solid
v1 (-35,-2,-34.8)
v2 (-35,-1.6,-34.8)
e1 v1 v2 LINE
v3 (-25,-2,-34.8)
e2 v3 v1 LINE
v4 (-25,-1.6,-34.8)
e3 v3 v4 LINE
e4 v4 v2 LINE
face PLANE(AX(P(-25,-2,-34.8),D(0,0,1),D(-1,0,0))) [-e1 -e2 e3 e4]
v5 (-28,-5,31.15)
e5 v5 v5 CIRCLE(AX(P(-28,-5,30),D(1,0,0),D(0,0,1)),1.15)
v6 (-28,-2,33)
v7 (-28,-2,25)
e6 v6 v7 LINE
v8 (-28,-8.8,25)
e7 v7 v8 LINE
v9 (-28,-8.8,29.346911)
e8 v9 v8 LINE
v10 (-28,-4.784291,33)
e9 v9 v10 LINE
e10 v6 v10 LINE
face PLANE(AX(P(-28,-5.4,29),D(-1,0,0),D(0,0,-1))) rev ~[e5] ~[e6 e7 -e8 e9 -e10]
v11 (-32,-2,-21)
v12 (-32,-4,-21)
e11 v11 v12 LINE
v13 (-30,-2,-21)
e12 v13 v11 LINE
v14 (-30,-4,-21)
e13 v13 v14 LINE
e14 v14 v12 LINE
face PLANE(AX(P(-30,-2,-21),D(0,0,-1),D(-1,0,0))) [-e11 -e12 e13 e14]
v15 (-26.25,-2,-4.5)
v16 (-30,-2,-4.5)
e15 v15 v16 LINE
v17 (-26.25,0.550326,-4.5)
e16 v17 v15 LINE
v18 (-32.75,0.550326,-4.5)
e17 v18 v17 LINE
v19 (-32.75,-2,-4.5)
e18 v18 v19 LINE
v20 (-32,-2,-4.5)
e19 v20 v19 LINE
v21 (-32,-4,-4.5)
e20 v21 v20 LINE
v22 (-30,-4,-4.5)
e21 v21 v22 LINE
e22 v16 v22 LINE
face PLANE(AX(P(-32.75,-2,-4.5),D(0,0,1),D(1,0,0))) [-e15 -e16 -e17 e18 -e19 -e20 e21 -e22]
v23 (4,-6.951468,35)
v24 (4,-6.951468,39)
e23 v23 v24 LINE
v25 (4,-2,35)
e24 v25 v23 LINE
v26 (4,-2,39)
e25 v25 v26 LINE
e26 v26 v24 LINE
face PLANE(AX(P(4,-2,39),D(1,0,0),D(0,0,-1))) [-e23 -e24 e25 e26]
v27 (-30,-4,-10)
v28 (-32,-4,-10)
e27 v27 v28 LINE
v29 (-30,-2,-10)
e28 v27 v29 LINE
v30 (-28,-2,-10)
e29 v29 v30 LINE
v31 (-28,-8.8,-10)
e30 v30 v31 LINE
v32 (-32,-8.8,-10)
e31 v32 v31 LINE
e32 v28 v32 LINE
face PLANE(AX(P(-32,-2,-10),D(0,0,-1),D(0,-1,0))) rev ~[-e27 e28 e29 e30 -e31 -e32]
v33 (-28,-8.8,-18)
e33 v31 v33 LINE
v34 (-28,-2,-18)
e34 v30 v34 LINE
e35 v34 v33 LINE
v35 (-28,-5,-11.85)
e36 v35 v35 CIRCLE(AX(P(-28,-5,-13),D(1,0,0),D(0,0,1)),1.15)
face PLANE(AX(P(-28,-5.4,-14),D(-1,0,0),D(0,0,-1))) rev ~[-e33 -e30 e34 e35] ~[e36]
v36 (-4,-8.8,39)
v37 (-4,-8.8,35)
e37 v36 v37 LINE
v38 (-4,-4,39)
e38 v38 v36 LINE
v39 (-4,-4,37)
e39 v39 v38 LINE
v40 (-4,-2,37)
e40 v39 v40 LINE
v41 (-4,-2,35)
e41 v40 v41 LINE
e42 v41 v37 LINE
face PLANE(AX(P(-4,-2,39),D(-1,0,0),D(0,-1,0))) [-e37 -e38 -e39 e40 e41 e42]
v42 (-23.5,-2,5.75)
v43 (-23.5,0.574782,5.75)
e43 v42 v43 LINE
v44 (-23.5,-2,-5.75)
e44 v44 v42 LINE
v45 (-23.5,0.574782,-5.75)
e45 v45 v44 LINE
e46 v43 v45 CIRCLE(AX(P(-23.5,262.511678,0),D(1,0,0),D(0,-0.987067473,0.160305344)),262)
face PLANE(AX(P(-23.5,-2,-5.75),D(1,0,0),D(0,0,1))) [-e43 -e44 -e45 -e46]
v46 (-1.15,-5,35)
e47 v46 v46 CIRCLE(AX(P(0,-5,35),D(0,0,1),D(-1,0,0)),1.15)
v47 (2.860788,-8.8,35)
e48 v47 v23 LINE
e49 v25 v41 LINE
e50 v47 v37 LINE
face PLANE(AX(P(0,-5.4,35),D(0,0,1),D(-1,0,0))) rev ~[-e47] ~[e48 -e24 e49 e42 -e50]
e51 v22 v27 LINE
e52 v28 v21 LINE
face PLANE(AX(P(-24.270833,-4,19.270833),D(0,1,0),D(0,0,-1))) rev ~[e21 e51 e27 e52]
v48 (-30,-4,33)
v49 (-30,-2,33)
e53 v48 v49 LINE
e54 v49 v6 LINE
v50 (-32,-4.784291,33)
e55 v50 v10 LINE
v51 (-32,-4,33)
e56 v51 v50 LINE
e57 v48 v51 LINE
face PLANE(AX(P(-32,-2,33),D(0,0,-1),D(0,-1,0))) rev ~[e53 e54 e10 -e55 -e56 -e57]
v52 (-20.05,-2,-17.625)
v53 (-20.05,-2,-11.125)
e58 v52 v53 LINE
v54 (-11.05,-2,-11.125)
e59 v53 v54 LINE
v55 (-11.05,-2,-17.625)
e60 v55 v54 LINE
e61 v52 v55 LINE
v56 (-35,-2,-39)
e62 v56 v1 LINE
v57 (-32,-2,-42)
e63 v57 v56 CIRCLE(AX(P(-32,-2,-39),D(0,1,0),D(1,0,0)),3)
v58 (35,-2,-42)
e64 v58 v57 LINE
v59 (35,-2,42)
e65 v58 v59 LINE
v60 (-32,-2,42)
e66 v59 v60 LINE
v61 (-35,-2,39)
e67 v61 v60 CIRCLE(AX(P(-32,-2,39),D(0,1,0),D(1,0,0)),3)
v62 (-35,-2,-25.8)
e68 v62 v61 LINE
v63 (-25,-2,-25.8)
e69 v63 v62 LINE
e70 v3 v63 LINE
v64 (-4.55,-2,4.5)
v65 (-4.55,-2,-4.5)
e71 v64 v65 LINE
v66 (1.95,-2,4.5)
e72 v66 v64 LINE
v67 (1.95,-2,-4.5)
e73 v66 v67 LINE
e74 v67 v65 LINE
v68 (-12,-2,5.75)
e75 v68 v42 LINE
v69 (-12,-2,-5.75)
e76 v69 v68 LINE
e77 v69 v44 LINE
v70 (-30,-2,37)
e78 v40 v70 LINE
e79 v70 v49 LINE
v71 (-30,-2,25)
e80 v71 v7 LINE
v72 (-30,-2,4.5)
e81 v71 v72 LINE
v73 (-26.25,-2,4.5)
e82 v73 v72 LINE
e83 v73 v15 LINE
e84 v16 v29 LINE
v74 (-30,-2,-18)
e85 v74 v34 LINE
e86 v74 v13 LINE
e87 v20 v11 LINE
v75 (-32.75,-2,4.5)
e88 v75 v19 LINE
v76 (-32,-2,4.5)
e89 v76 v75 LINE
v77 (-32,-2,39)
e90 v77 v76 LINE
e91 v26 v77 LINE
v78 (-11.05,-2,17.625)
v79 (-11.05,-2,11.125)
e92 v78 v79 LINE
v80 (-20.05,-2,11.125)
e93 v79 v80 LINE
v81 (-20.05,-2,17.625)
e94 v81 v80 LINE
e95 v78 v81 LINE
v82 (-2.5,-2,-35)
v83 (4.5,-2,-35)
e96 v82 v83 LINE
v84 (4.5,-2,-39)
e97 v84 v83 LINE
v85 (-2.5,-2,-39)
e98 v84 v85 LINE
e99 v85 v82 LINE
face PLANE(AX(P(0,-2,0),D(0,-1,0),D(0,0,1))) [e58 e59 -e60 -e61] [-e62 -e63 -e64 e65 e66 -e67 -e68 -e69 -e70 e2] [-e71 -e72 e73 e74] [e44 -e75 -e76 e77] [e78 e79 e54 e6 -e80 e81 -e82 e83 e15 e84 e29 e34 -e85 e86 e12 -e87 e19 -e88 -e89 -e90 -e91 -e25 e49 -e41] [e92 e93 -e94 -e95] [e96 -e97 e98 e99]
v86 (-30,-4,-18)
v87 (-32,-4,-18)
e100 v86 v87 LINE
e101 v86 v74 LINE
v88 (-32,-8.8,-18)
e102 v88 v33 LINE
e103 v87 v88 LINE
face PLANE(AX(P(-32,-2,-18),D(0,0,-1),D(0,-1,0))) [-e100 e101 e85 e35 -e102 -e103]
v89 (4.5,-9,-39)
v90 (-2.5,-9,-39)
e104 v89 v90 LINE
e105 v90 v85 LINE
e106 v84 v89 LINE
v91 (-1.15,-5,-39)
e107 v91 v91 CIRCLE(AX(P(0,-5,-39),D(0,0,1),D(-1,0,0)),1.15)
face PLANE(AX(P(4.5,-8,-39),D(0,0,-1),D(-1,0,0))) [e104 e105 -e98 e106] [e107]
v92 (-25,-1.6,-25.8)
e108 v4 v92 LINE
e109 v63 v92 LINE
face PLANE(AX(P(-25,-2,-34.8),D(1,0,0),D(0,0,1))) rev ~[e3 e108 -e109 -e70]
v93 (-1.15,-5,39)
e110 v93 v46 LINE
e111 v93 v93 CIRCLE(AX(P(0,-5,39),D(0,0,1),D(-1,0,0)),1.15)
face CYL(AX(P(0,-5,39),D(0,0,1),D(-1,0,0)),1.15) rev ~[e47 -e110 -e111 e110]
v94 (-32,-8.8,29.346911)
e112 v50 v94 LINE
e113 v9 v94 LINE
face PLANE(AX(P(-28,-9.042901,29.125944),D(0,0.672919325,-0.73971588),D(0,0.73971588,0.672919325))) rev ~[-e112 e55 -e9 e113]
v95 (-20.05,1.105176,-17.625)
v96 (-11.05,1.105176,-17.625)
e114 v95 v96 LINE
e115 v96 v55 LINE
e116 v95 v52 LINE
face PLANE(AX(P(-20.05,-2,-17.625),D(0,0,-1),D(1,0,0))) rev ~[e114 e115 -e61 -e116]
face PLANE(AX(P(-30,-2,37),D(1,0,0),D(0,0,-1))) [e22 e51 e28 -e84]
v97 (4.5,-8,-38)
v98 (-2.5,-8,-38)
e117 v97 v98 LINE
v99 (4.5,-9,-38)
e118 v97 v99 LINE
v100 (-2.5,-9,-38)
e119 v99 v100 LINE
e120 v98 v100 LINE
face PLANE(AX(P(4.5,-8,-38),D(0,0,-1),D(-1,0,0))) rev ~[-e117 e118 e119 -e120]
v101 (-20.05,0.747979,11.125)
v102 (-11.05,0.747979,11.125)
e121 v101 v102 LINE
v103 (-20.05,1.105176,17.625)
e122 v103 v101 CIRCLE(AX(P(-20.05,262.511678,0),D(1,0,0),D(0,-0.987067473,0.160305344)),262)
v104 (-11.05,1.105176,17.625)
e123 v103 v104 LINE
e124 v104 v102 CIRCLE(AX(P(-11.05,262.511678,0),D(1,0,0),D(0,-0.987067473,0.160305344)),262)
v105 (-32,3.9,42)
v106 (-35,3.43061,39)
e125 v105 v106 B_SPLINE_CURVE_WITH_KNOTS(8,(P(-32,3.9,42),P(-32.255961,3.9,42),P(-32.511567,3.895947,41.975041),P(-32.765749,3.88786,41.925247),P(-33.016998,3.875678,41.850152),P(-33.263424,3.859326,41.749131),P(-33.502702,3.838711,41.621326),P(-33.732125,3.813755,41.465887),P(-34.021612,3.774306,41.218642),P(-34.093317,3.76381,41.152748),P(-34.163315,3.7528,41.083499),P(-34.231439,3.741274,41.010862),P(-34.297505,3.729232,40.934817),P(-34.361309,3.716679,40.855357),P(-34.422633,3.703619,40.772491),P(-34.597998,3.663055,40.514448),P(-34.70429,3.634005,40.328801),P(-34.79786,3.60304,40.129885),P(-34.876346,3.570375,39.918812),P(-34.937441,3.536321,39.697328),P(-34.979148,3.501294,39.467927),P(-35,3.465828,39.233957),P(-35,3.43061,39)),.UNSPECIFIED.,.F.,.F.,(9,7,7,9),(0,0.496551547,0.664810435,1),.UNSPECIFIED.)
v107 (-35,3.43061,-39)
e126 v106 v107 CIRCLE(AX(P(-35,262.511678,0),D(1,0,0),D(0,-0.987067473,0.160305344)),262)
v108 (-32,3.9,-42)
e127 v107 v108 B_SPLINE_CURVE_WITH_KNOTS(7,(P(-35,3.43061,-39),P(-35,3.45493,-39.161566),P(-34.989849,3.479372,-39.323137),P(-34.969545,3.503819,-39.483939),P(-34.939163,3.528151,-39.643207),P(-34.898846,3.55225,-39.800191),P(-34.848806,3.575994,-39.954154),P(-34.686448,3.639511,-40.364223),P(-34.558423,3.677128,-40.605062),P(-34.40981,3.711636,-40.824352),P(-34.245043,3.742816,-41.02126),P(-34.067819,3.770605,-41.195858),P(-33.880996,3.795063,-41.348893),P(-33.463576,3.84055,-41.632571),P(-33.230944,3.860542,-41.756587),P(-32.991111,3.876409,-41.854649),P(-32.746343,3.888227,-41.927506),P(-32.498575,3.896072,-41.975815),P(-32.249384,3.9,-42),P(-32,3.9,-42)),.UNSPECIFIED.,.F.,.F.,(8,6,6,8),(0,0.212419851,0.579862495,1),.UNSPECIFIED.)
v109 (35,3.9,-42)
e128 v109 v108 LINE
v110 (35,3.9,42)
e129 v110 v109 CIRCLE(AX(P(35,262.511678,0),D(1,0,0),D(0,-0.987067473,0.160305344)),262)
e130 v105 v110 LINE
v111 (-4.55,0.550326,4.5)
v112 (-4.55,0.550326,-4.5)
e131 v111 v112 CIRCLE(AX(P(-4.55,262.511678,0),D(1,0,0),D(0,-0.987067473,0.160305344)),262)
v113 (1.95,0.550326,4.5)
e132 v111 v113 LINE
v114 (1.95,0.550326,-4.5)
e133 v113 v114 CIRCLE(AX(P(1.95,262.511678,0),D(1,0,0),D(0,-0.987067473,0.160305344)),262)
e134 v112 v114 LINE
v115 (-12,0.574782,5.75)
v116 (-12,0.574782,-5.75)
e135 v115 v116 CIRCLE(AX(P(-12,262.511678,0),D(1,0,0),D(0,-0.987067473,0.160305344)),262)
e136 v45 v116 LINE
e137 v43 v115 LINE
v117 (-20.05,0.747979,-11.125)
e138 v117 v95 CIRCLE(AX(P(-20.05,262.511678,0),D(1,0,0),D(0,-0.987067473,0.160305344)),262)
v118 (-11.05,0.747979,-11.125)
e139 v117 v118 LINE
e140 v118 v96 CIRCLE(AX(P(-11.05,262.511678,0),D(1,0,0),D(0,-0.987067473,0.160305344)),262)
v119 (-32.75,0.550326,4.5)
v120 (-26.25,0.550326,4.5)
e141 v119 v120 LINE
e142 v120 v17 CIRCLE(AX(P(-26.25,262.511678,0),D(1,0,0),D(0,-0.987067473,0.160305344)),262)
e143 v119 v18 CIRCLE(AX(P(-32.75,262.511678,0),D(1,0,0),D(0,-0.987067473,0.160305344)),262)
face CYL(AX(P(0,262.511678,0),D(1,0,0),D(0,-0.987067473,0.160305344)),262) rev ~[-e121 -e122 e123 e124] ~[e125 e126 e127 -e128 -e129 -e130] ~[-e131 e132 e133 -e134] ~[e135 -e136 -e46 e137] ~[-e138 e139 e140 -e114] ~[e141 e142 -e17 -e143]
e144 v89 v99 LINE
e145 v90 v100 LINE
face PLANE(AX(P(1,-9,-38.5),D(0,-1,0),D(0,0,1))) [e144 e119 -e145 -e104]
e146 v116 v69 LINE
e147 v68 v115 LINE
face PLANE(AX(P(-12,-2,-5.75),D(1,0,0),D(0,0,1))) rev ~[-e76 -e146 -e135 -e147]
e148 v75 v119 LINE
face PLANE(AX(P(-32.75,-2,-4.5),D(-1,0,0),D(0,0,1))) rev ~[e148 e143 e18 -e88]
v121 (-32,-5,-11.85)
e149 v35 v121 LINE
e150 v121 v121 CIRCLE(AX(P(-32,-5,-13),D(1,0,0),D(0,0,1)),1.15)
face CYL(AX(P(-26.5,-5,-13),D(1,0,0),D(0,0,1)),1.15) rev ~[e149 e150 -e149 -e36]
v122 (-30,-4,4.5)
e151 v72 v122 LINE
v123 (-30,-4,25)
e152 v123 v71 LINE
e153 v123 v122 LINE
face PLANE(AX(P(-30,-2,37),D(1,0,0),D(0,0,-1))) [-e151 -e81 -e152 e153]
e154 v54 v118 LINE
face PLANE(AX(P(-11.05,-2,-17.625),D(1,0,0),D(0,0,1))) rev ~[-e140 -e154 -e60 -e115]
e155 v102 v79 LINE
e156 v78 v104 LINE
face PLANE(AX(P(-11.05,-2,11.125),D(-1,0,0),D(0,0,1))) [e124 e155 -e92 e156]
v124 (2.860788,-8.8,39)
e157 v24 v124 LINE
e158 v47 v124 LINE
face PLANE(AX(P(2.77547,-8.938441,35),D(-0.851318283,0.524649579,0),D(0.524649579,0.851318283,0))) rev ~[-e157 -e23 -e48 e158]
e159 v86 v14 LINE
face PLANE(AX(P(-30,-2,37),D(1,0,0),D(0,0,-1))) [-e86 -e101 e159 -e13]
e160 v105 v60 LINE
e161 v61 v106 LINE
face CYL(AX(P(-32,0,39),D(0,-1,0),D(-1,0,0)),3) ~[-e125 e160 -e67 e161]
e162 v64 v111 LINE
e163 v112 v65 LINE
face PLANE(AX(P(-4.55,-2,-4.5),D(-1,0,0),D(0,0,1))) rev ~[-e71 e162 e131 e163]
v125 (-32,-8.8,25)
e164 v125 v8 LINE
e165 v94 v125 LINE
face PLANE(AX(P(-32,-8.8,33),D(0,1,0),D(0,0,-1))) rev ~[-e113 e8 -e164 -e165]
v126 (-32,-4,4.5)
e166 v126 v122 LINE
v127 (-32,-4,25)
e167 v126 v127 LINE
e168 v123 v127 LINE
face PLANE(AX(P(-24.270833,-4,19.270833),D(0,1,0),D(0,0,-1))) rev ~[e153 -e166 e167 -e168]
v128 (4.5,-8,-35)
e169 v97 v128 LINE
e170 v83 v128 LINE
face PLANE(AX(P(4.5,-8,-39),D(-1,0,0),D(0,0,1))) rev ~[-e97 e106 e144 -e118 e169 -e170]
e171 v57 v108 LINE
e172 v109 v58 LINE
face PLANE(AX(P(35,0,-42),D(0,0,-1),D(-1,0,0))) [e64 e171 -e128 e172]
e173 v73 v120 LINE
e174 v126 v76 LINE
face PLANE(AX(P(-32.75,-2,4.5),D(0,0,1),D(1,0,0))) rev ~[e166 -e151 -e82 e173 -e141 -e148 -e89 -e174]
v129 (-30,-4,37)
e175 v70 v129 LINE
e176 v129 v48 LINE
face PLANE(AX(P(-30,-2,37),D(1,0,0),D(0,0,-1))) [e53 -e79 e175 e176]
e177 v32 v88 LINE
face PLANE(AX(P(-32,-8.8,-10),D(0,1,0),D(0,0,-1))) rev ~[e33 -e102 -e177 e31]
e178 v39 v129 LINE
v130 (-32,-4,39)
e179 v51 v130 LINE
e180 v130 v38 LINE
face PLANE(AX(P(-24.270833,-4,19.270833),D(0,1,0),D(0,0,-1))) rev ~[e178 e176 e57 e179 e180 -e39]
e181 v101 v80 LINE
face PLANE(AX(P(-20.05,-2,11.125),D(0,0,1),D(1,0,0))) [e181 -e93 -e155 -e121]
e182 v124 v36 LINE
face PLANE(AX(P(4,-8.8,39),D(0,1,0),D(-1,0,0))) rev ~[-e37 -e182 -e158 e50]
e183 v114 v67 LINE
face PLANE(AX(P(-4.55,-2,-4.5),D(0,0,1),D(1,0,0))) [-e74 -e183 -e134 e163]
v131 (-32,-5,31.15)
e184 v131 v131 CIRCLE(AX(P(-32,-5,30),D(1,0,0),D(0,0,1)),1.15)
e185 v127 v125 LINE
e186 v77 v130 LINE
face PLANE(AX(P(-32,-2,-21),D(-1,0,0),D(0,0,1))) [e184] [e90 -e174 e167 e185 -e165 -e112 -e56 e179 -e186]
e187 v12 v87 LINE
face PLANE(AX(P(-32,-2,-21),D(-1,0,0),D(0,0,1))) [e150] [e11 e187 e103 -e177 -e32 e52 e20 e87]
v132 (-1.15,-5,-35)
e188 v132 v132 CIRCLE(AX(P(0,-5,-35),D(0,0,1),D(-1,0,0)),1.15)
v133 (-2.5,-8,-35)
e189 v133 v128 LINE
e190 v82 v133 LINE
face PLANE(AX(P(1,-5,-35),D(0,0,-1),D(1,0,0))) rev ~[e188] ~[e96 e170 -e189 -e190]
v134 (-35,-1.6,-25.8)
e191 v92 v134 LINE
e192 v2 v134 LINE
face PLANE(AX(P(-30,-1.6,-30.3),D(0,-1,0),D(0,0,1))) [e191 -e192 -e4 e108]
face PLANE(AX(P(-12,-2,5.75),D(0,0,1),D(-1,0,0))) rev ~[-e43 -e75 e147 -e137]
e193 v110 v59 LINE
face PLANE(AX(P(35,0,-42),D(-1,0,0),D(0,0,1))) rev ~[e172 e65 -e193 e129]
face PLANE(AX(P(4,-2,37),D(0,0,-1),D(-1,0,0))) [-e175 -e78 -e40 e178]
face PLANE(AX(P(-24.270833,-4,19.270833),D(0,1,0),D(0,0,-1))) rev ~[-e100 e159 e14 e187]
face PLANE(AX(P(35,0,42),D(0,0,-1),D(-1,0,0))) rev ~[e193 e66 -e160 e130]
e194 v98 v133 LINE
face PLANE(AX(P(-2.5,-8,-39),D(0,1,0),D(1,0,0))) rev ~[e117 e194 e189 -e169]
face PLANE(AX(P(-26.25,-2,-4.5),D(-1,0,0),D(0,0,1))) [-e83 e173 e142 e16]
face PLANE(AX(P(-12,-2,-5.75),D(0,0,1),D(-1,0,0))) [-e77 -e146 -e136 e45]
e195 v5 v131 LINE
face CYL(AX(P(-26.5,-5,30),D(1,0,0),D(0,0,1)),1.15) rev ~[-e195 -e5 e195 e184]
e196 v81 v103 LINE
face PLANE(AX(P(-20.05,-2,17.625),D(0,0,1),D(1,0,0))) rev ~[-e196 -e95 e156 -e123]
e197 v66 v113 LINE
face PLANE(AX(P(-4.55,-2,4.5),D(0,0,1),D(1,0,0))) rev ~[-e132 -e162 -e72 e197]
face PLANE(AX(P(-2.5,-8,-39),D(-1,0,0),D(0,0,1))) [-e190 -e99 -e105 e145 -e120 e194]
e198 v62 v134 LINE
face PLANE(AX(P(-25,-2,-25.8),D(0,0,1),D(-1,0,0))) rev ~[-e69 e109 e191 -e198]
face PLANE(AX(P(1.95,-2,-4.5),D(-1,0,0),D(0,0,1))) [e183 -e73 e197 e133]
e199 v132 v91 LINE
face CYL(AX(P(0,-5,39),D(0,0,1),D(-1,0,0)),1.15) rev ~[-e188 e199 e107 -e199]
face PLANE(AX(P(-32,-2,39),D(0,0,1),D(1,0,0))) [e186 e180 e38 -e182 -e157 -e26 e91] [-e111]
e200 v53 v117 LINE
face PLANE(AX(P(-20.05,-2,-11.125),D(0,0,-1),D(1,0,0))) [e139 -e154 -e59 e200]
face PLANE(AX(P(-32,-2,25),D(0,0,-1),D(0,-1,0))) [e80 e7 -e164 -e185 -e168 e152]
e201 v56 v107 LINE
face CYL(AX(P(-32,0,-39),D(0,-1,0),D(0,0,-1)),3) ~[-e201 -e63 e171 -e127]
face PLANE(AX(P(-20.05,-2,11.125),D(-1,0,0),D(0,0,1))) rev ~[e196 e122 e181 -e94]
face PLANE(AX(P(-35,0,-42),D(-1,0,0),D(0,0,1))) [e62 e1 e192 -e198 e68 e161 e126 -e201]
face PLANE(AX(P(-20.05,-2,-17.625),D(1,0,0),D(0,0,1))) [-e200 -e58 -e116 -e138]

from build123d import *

# Parameters (mm, degrees)
SKETCH009_W             = 84
SKETCH009_H             = 70
PAD002_DEPTH            = 2
SKETCH010_W             = 2
SKETCH010_H             = 7
PAD003_DEPTH            = 2
SKETCH012_W             = 8
SKETCH012_H             = 6.8
PAD004_DEPTH            = 4
SKETCH013_W             = 7
SKETCH013_H             = 6
PAD005_DEPTH            = 4
SKETCH011_W             = 8
SKETCH011_H             = 6.8
PAD006_DEPTH            = 4
SKETCH014_R             = 1.15
POCKET002_DEPTH         = 81.001
SKETCH016_R             = 1.15
POCKET003_DEPTH         = 8.501
SKETCH018_W             = 11.5
SKETCH018_H             = 11.5
POCKET004_DEPTH         = 5
POCKET005_DEPTH         = 5
POCKET006_DEPTH         = 5
SKETCH021_W             = 1
SKETCH021_H             = 7
PAD007_DEPTH            = 1
SKETCH022_W             = 9
SKETCH022_H             = 10
POCKET007_DEPTH         = 0.4
FILLET_R                = 3
BODY002_PITCH_ANGLE     = -90
BODY002_PLACEMENT_ANGLE = 90
PAD001_DEPTH            = 35
SKETCH007_W             = 11.5
SKETCH007_H             = 11.5
POCKET001_DEPTH         = 13
FILLET001_R             = 3
SKETCH025_W             = 6.5
SKETCH025_H             = 9
SKETCH025_W_2           = 9
SKETCH025_H_2           = 6.5
POCKET008_DEPTH         = 8


with BuildPart() as back:
    # Sketch009 → Pad002 (new body)
    with BuildSketch(Plane.XY):
        Rectangle(SKETCH009_W, SKETCH009_H)
    extrude(amount=PAD002_DEPTH)

    # Sketch010 (on Face6 of Pad002) → Pad003 (join)
    with BuildSketch(Plane.XY.offset(2)):
        with Locations((-38, -1)):
            Rectangle(SKETCH010_W, SKETCH010_H)
        Polygon((-21, 32), (39, 32), (39, -4), (37, -4), (37, 30), (-21, 30), align=None)
    extrude(amount=PAD003_DEPTH)

    # Sketch012 (on Face15 of Pad003) → Pad004 (join)
    with BuildSketch(Plane.YZ.offset(39)):
        with Locations((0, 5.4)):
            Rectangle(SKETCH012_W, SKETCH012_H)
    extrude(amount=-PAD004_DEPTH)

    # Sketch013 (on Face9 of Pad004) → Pad005 (join)
    with BuildSketch(Plane(origin=(-39, 0, 0), x_dir=(0, -1, 0), z_dir=(-1, 0, 0))):
        with Locations((1, 5)):
            Rectangle(SKETCH013_W, SKETCH013_H)
    extrude(amount=-PAD005_DEPTH)

    # Sketch011 (on Face16 of Pad003) → Pad006 (join)
    with BuildSketch(Plane(origin=(0, 32, 0), x_dir=(-1, 0, 0), z_dir=(0, 1, 0))):
        with Locations((-29, 5.4)):
            Rectangle(SKETCH011_W, SKETCH011_H)
        with Locations((14, 5.4)):
            Rectangle(SKETCH011_W, SKETCH011_H)
    extrude(amount=-PAD006_DEPTH)

    # Sketch014 (on Face44 of Pad006) → Pocket002 (cut, through all)
    with BuildSketch(Plane.YZ.offset(39)):
        with Locations((0, 5)):
            Circle(SKETCH014_R)
    extrude(amount=-POCKET002_DEPTH, mode=Mode.SUBTRACT)

    # Sketch016 → Pocket003 (cut, through all)
    with BuildSketch(Plane.XZ.offset(-26.5)):
        with Locations((-13, 5)):
            Circle(SKETCH016_R)
        with Locations((30, 5)):
            Circle(SKETCH016_R)
    extrude(amount=-POCKET003_DEPTH, mode=Mode.SUBTRACT)

    # Sketch018 (on Face5 of Pocket003) → Pocket004 (cut)
    with BuildSketch(Plane.XY.offset(2)):
        with Locations((0, 17.75)):
            Rectangle(SKETCH018_W, SKETCH018_H)
    extrude(amount=-POCKET004_DEPTH, mode=Mode.SUBTRACT)

    # Sketch019 (on Face31 of Pocket004) → Pocket005 (cut)
    with BuildSketch(Plane.XZ.offset(-28)):
        Polygon((29.125944, 9.042901), (33.258869, 4.499726), (33.258869, 9.042901), align=None)
    extrude(amount=-POCKET005_DEPTH, mode=Mode.SUBTRACT)

    # Sketch020 (on Face36 of Pocket005) → Pocket006 (cut)
    with BuildSketch(Plane(origin=(35, 0, 0), x_dir=(0, -1, 0), z_dir=(-1, 0, 0))):
        Polygon((2.77547, 8.938441), (6.386171, 3.079567), (6.386171, 8.938441), align=None)
    extrude(amount=-POCKET006_DEPTH, mode=Mode.SUBTRACT)

    # Sketch021 (on Face40 of Pocket006) → Pad007 (join)
    with BuildSketch(Plane.XY.offset(8)):
        with Locations((-38.5, -1)):
            Rectangle(SKETCH021_W, SKETCH021_H)
    extrude(amount=PAD007_DEPTH)

    # Sketch022 (on Face5 of Pocket005) → Pocket007 (cut)
    with BuildSketch(Plane.XY.offset(2)):
        with Locations((-30.3, 30)):
            Rectangle(SKETCH022_W, SKETCH022_H)
    extrude(amount=-POCKET007_DEPTH, mode=Mode.SUBTRACT)

    # Fillet
    fillet_edges = [back.edges().sort_by_distance(p)[0] for p in [
        (42, 35, 1),
        (-42, 35, 1),
    ]]
    fillet(fillet_edges, radius=FILLET_R)


with BuildPart() as back_1:
    # Body002 pitch: moved
    add(back.part.rotate(Axis((0, 0, 0), (0, 1, 0)), BODY002_PITCH_ANGLE))


with BuildPart() as back_2:
    # Body002 placement: moved
    add(back_1.part.rotate(Axis((0, 0, 0), (0, 0, 1)), BODY002_PLACEMENT_ANGLE))


with BuildPart() as curve:
    # Sketch006 → Pad001 (new body, symmetric)
    with BuildSketch(Plane(origin=(0, 0, 0), x_dir=(0, 0, -1), z_dir=(1, 0, 0))):
        with BuildLine():
            ThreePointArc((-42, 3.9), (0, 0.511678), (42, 3.9))
            Line((42, -0.1), (42, 3.9))
            Line((-42, -0.1), (42, -0.1))
            Line((-42, 3.9), (-42, -0.1))
        make_face()
    extrude(amount=PAD001_DEPTH, both=True)

    # Sketch007 (on Face3 of Pad001) → Pocket001 (cut)
    with BuildSketch(Plane.XZ.offset(0.1)):
        with Locations((-17.75, 0)):
            Rectangle(SKETCH007_W, SKETCH007_H)
    extrude(amount=-POCKET001_DEPTH, mode=Mode.SUBTRACT)

    # Fillet001
    fillet001_edges = [curve.edges().sort_by_distance(p)[0] for p in [
        (-35, 1.9, -42),
        (-35, 1.9, 42),
    ]]
    fillet(fillet001_edges, radius=FILLET001_R)

    # Boolean: union Back
    add(back_2.part)

    # Sketch025 (on Face32 of Boolean) → Pocket008 (cut, symmetric)
    with BuildSketch(Plane.XZ.offset(2)):
        with Locations((-29.5, 0)):
            Rectangle(SKETCH025_W, SKETCH025_H)
        with Locations((-15.55, 14.375)):
            Rectangle(SKETCH025_W_2, SKETCH025_H_2)
        with Locations((-1.3, 0)):
            Rectangle(SKETCH025_W, SKETCH025_H)
        with Locations((-15.55, -14.375)):
            Rectangle(SKETCH025_W_2, SKETCH025_H_2)
    extrude(amount=POCKET008_DEPTH, both=True, mode=Mode.SUBTRACT)


solid = curve.part
